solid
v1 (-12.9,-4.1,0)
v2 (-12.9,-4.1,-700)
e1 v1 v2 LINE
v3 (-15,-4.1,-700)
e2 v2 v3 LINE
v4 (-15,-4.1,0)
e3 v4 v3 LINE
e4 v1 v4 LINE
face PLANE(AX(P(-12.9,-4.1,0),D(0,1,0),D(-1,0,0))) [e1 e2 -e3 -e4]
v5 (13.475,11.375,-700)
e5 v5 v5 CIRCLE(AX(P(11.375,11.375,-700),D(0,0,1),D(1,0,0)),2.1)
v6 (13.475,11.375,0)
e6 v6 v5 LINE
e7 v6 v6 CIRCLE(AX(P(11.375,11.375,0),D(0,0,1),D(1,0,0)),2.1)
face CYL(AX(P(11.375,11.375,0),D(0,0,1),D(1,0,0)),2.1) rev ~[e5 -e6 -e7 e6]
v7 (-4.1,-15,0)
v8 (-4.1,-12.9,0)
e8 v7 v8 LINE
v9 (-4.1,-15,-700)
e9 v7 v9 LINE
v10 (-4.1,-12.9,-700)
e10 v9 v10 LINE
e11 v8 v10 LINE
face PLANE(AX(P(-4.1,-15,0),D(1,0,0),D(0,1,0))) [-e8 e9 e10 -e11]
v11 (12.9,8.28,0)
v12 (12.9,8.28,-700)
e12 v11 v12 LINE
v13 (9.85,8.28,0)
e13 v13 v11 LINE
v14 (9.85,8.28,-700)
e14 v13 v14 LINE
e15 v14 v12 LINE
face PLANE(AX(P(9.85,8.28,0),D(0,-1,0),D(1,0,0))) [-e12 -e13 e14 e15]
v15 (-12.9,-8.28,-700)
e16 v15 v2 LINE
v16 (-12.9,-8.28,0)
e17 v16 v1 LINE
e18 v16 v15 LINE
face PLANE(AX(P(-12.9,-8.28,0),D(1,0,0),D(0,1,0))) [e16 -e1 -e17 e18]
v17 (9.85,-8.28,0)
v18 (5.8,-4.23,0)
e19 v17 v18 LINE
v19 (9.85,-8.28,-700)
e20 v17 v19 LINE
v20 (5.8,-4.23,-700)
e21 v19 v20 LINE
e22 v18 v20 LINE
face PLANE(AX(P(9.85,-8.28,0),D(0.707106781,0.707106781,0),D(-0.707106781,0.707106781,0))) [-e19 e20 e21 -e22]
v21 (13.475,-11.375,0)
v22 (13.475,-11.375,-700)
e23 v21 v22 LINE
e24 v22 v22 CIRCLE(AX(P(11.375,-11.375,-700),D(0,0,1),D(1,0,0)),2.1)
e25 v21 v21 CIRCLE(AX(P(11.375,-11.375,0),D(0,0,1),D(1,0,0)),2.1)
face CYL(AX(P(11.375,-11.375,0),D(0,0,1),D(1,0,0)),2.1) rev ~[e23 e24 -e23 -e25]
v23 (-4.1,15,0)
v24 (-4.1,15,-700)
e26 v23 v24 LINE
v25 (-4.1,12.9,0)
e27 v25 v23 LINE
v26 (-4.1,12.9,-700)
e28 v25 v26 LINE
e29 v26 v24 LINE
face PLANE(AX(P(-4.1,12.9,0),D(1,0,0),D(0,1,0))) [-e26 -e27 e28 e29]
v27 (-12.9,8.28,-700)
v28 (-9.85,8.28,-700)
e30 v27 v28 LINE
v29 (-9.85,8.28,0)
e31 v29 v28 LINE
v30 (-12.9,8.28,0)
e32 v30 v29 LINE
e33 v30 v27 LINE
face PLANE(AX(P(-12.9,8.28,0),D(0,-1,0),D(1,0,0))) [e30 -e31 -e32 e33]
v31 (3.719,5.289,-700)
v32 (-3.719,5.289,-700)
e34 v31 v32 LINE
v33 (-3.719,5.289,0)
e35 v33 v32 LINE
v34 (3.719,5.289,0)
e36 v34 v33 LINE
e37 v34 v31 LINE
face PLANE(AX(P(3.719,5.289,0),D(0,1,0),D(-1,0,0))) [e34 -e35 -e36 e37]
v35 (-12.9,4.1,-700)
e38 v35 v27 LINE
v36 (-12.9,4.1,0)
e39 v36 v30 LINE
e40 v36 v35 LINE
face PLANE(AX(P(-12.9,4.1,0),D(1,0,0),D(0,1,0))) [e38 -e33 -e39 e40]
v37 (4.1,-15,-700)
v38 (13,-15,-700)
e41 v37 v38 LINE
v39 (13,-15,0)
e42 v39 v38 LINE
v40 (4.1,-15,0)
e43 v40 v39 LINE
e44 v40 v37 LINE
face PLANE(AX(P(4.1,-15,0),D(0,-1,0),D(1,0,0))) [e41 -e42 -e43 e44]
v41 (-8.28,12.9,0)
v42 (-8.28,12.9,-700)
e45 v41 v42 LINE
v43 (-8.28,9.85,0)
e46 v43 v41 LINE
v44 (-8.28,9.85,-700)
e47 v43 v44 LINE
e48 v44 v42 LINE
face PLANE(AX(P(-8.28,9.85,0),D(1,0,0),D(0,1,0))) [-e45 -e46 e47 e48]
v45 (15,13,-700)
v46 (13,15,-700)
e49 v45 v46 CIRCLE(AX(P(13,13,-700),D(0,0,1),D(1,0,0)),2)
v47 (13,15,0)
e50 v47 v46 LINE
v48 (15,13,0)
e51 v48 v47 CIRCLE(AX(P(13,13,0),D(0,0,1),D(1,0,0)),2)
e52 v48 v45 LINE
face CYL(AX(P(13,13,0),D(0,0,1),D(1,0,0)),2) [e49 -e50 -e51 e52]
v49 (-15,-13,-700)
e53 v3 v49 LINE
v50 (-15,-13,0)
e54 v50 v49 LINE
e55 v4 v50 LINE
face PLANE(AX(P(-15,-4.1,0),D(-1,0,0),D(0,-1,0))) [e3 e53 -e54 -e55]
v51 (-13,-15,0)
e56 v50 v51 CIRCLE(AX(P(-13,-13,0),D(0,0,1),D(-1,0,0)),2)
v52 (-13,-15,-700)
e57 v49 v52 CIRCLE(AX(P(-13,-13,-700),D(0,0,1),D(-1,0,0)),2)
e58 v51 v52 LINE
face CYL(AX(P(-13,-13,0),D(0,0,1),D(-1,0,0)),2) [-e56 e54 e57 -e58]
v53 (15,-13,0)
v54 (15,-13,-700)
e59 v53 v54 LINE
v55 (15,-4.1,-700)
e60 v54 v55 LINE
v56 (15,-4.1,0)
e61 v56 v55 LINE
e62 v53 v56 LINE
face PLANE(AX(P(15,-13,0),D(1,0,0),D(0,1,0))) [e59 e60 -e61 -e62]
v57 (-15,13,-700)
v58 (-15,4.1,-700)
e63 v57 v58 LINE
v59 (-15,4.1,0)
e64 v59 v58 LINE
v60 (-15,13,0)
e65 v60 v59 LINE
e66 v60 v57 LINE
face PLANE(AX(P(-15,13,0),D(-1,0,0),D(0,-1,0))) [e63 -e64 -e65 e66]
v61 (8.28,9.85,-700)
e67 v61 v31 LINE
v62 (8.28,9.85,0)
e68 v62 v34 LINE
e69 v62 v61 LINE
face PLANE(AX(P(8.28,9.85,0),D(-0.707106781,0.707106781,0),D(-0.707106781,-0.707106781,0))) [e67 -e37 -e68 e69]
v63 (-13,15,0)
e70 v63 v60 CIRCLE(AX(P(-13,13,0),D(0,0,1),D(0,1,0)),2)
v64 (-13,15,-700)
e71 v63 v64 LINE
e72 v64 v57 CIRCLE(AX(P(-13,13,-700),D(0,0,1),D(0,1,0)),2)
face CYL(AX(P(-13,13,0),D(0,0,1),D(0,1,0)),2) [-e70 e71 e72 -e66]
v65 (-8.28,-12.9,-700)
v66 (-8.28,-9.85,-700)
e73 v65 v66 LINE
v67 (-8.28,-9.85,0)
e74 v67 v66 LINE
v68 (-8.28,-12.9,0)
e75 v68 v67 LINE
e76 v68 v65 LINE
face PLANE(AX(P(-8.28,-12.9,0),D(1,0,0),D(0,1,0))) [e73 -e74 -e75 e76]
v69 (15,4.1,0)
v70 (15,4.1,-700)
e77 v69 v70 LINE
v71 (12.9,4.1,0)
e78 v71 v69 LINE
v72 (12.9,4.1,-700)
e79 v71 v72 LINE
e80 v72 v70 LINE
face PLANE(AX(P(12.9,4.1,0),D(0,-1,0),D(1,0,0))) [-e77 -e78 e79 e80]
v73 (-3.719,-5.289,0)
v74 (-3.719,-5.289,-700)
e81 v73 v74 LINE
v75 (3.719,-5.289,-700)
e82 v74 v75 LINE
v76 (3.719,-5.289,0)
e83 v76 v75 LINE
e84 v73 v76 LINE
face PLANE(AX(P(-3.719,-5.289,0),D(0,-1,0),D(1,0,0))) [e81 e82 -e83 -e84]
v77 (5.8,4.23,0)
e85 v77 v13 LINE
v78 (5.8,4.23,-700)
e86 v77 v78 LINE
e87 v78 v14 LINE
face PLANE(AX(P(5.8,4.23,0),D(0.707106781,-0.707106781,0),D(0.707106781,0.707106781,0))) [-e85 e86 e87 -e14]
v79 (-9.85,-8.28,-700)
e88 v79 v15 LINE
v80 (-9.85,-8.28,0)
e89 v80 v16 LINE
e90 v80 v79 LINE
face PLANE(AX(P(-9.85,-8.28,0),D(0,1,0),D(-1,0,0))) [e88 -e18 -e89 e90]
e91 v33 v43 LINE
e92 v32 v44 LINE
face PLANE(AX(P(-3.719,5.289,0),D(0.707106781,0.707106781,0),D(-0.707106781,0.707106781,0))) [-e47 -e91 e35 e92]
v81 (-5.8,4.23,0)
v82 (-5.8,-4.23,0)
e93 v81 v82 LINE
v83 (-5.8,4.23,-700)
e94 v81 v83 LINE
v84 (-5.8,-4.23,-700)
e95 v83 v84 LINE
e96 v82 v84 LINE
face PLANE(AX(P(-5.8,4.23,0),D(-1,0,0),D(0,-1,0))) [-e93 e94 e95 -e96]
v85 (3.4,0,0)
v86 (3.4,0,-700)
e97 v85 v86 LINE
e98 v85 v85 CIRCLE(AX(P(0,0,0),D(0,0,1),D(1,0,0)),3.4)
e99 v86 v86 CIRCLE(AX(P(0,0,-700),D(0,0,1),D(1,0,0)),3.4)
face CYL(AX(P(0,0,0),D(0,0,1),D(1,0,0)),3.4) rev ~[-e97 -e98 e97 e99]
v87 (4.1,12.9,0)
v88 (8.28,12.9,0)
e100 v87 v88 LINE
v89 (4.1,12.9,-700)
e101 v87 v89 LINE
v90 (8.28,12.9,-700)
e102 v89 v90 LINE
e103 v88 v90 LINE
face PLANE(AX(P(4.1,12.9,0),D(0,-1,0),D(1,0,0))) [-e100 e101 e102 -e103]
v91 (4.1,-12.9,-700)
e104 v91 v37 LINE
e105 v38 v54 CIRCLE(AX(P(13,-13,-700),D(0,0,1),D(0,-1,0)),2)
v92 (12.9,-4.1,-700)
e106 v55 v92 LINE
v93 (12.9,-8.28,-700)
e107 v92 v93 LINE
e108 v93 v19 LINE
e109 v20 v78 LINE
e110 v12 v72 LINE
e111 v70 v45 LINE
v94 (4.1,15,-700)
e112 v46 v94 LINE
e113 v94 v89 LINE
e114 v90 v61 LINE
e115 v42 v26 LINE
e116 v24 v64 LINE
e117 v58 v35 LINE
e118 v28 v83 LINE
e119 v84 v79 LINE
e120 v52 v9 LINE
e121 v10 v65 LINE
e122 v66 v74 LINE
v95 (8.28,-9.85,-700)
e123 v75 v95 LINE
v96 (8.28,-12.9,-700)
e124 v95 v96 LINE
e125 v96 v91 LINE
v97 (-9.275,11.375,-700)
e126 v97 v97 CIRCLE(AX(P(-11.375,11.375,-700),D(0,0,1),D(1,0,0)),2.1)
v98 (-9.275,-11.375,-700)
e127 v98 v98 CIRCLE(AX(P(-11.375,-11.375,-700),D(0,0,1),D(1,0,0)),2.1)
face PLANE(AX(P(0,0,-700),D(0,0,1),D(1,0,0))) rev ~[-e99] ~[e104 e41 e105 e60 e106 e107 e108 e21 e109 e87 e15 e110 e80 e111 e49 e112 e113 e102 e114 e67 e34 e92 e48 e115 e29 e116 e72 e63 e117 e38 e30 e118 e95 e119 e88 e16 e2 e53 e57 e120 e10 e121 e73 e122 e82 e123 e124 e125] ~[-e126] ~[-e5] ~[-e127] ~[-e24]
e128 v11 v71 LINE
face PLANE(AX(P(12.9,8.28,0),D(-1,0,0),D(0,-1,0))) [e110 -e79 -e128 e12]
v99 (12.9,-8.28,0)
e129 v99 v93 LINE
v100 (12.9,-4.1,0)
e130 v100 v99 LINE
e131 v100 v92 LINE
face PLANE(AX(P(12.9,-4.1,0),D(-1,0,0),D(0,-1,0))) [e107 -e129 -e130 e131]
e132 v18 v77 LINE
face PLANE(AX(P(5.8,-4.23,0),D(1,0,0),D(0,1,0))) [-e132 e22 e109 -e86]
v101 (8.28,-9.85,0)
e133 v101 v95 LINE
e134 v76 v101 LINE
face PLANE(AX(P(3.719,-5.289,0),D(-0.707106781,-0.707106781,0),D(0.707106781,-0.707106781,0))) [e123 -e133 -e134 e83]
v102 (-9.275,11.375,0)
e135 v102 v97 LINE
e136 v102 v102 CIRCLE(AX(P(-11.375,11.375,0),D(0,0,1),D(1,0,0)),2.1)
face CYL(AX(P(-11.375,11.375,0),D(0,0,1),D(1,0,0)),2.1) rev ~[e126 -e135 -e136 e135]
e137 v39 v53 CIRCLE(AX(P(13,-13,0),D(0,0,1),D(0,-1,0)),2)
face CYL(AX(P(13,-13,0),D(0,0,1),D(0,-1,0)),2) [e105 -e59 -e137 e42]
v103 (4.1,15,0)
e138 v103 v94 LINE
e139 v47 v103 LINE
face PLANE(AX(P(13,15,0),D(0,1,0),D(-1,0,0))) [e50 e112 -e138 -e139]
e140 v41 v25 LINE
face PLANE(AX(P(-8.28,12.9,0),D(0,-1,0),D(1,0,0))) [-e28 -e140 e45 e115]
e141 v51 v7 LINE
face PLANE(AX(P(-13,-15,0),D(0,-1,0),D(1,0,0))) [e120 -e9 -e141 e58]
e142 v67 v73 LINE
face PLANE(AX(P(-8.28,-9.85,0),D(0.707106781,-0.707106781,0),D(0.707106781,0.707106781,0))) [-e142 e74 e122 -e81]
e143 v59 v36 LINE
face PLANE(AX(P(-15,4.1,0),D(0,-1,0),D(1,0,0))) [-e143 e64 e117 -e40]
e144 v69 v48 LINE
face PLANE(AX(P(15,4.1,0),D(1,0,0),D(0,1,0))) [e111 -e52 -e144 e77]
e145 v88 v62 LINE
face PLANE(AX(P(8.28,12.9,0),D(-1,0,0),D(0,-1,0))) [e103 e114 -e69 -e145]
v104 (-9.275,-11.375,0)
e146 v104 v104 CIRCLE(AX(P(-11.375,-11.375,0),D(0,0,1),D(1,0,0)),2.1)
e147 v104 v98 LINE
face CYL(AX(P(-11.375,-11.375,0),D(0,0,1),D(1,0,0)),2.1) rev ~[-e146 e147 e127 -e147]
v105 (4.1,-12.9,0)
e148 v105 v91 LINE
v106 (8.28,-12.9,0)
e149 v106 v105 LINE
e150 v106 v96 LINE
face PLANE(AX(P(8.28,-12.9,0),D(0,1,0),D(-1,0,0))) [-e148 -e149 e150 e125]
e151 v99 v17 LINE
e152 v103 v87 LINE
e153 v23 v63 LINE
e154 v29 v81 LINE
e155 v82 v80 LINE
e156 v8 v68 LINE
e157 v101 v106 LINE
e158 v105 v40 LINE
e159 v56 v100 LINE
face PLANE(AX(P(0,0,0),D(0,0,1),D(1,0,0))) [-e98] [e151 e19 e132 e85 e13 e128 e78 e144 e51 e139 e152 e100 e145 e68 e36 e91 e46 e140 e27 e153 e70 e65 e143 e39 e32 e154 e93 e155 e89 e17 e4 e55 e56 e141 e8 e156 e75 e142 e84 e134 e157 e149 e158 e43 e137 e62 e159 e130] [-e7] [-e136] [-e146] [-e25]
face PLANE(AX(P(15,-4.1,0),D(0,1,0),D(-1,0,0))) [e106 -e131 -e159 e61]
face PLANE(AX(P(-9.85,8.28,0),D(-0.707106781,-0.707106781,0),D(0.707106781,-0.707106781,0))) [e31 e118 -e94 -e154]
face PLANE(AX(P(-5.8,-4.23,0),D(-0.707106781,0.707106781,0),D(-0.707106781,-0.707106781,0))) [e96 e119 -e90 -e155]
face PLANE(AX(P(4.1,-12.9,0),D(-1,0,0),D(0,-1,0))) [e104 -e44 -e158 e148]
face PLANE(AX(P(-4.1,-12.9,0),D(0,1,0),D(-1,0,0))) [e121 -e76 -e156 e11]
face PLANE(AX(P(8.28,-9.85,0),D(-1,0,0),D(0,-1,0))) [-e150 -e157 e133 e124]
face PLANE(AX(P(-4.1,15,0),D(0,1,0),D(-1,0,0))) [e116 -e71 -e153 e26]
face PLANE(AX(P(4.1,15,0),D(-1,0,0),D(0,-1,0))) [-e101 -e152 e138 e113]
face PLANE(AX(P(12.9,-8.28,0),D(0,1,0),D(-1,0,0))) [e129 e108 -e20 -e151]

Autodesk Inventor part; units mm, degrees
ref_plane "YZ Plane" through (0, 0, 0) normal (1, 0, 0) x (0, 1, 0)
ref_plane "XZ Plane" through (0, 0, 0) normal (0, 1, 0) x (-1, 0, 0)
ref_plane "XY Plane" through (0, 0, 0) normal (0, 0, 1) x (1, 0, 0)
sketch "Sketch1" plane through (0, 0, 0) normal (0, 0, 1) x (1, 0, 0)
  circle A0 centre (-11.375, 11.375) radius 2.1
  circle A1 centre (-11.375, -11.375) radius 2.1
  line L0 (-15, 4.1) -> (-12.9, 4.1)
  line L1 (-12.9, 4.1) -> (-12.9, 8.28)
  line L2 (-12.9, 8.28) -> (-9.85, 8.28)
  line L3 (-9.85, 8.28) -> (-5.8, 4.23)
  line L4 (-5.8, 4.23) -> (-5.8, -4.23)
  line L5 (-5.8, -4.23) -> (-9.85, -8.28)
  line L6 (-9.85, -8.28) -> (-12.9, -8.28)
  line L7 (-12.9, -8.28) -> (-12.9, -4.1)
  line L8 (-12.9, -4.1) -> (-15, -4.1)
  line L9 (-15, -4.1) -> (-15, -13)
  arc A2 (-15, -13) -> (-13, -15) centre (-13, -13) ccw
  line L10 (-13, -15) -> (-4.1, -15)
  line L11 (-4.1, -15) -> (-4.1, -12.9)
  line L12 (-4.1, -12.9) -> (-8.28, -12.9)
  line L13 (-8.28, -12.9) -> (-8.28, -9.85)
  line L14 (-8.28, -9.85) -> (-3.719, -5.289)
  line L15 (-3.719, -5.289) -> (3.719, -5.289)
  line L16 (3.719, -5.289) -> (8.28, -9.85)
  line L17 (8.28, -9.85) -> (8.28, -12.9)
  line L18 (8.28, -12.9) -> (4.1, -12.9)
  line L19 (4.1, -12.9) -> (4.1, -15)
  line L20 (4.1, -15) -> (13, -15)
  arc A3 (13, -15) -> (15, -13) centre (13, -13) ccw
  line L21 (15, -13) -> (15, -4.1)
  line L22 (15, -4.1) -> (12.9, -4.1)
  line L23 (12.9, -4.1) -> (12.9, -8.28)
  line L24 (12.9, -8.28) -> (9.85, -8.28)
  line L25 (9.85, -8.28) -> (5.8, -4.23)
  line L26 (5.8, -4.23) -> (5.8, 4.23)
  line L27 (5.8, 4.23) -> (9.85, 8.28)
  line L28 (9.85, 8.28) -> (12.9, 8.28)
  line L29 (12.9, 8.28) -> (12.9, 4.1)
  line L30 (12.9, 4.1) -> (15, 4.1)
  line L31 (15, 4.1) -> (15, 13)
  arc A4 (15, 13) -> (13, 15) centre (13, 13) ccw
  line L32 (13, 15) -> (4.1, 15)
  line L33 (4.1, 15) -> (4.1, 12.9)
  line L34 (4.1, 12.9) -> (8.28, 12.9)
  line L35 (8.28, 12.9) -> (8.28, 9.85)
  line L36 (8.28, 9.85) -> (3.719, 5.289)
  line L37 (3.719, 5.289) -> (-3.719, 5.289)
  line L38 (-3.719, 5.289) -> (-8.28, 9.85)
  line L39 (-8.28, 9.85) -> (-8.28, 12.9)
  line L40 (-8.28, 12.9) -> (-4.1, 12.9)
  line L41 (-4.1, 12.9) -> (-4.1, 15)
  line L42 (-4.1, 15) -> (-13, 15)
  arc A5 (-13, 15) -> (-15, 13) centre (-13, 13) ccw
  line L43 (-15, 13) -> (-15, 4.1)
  circle A6 centre (0, 0) radius 3.4
  circle A7 centre (11.375, 11.375) radius 2.1
  circle A8 centre (11.375, -11.375) radius 2.1
extrude "Extrusion1" add sketch "Sketch1" against normal blind 700
properties part number "Metal_Profile 70cm" material "Aluminum 6061-AHC"
